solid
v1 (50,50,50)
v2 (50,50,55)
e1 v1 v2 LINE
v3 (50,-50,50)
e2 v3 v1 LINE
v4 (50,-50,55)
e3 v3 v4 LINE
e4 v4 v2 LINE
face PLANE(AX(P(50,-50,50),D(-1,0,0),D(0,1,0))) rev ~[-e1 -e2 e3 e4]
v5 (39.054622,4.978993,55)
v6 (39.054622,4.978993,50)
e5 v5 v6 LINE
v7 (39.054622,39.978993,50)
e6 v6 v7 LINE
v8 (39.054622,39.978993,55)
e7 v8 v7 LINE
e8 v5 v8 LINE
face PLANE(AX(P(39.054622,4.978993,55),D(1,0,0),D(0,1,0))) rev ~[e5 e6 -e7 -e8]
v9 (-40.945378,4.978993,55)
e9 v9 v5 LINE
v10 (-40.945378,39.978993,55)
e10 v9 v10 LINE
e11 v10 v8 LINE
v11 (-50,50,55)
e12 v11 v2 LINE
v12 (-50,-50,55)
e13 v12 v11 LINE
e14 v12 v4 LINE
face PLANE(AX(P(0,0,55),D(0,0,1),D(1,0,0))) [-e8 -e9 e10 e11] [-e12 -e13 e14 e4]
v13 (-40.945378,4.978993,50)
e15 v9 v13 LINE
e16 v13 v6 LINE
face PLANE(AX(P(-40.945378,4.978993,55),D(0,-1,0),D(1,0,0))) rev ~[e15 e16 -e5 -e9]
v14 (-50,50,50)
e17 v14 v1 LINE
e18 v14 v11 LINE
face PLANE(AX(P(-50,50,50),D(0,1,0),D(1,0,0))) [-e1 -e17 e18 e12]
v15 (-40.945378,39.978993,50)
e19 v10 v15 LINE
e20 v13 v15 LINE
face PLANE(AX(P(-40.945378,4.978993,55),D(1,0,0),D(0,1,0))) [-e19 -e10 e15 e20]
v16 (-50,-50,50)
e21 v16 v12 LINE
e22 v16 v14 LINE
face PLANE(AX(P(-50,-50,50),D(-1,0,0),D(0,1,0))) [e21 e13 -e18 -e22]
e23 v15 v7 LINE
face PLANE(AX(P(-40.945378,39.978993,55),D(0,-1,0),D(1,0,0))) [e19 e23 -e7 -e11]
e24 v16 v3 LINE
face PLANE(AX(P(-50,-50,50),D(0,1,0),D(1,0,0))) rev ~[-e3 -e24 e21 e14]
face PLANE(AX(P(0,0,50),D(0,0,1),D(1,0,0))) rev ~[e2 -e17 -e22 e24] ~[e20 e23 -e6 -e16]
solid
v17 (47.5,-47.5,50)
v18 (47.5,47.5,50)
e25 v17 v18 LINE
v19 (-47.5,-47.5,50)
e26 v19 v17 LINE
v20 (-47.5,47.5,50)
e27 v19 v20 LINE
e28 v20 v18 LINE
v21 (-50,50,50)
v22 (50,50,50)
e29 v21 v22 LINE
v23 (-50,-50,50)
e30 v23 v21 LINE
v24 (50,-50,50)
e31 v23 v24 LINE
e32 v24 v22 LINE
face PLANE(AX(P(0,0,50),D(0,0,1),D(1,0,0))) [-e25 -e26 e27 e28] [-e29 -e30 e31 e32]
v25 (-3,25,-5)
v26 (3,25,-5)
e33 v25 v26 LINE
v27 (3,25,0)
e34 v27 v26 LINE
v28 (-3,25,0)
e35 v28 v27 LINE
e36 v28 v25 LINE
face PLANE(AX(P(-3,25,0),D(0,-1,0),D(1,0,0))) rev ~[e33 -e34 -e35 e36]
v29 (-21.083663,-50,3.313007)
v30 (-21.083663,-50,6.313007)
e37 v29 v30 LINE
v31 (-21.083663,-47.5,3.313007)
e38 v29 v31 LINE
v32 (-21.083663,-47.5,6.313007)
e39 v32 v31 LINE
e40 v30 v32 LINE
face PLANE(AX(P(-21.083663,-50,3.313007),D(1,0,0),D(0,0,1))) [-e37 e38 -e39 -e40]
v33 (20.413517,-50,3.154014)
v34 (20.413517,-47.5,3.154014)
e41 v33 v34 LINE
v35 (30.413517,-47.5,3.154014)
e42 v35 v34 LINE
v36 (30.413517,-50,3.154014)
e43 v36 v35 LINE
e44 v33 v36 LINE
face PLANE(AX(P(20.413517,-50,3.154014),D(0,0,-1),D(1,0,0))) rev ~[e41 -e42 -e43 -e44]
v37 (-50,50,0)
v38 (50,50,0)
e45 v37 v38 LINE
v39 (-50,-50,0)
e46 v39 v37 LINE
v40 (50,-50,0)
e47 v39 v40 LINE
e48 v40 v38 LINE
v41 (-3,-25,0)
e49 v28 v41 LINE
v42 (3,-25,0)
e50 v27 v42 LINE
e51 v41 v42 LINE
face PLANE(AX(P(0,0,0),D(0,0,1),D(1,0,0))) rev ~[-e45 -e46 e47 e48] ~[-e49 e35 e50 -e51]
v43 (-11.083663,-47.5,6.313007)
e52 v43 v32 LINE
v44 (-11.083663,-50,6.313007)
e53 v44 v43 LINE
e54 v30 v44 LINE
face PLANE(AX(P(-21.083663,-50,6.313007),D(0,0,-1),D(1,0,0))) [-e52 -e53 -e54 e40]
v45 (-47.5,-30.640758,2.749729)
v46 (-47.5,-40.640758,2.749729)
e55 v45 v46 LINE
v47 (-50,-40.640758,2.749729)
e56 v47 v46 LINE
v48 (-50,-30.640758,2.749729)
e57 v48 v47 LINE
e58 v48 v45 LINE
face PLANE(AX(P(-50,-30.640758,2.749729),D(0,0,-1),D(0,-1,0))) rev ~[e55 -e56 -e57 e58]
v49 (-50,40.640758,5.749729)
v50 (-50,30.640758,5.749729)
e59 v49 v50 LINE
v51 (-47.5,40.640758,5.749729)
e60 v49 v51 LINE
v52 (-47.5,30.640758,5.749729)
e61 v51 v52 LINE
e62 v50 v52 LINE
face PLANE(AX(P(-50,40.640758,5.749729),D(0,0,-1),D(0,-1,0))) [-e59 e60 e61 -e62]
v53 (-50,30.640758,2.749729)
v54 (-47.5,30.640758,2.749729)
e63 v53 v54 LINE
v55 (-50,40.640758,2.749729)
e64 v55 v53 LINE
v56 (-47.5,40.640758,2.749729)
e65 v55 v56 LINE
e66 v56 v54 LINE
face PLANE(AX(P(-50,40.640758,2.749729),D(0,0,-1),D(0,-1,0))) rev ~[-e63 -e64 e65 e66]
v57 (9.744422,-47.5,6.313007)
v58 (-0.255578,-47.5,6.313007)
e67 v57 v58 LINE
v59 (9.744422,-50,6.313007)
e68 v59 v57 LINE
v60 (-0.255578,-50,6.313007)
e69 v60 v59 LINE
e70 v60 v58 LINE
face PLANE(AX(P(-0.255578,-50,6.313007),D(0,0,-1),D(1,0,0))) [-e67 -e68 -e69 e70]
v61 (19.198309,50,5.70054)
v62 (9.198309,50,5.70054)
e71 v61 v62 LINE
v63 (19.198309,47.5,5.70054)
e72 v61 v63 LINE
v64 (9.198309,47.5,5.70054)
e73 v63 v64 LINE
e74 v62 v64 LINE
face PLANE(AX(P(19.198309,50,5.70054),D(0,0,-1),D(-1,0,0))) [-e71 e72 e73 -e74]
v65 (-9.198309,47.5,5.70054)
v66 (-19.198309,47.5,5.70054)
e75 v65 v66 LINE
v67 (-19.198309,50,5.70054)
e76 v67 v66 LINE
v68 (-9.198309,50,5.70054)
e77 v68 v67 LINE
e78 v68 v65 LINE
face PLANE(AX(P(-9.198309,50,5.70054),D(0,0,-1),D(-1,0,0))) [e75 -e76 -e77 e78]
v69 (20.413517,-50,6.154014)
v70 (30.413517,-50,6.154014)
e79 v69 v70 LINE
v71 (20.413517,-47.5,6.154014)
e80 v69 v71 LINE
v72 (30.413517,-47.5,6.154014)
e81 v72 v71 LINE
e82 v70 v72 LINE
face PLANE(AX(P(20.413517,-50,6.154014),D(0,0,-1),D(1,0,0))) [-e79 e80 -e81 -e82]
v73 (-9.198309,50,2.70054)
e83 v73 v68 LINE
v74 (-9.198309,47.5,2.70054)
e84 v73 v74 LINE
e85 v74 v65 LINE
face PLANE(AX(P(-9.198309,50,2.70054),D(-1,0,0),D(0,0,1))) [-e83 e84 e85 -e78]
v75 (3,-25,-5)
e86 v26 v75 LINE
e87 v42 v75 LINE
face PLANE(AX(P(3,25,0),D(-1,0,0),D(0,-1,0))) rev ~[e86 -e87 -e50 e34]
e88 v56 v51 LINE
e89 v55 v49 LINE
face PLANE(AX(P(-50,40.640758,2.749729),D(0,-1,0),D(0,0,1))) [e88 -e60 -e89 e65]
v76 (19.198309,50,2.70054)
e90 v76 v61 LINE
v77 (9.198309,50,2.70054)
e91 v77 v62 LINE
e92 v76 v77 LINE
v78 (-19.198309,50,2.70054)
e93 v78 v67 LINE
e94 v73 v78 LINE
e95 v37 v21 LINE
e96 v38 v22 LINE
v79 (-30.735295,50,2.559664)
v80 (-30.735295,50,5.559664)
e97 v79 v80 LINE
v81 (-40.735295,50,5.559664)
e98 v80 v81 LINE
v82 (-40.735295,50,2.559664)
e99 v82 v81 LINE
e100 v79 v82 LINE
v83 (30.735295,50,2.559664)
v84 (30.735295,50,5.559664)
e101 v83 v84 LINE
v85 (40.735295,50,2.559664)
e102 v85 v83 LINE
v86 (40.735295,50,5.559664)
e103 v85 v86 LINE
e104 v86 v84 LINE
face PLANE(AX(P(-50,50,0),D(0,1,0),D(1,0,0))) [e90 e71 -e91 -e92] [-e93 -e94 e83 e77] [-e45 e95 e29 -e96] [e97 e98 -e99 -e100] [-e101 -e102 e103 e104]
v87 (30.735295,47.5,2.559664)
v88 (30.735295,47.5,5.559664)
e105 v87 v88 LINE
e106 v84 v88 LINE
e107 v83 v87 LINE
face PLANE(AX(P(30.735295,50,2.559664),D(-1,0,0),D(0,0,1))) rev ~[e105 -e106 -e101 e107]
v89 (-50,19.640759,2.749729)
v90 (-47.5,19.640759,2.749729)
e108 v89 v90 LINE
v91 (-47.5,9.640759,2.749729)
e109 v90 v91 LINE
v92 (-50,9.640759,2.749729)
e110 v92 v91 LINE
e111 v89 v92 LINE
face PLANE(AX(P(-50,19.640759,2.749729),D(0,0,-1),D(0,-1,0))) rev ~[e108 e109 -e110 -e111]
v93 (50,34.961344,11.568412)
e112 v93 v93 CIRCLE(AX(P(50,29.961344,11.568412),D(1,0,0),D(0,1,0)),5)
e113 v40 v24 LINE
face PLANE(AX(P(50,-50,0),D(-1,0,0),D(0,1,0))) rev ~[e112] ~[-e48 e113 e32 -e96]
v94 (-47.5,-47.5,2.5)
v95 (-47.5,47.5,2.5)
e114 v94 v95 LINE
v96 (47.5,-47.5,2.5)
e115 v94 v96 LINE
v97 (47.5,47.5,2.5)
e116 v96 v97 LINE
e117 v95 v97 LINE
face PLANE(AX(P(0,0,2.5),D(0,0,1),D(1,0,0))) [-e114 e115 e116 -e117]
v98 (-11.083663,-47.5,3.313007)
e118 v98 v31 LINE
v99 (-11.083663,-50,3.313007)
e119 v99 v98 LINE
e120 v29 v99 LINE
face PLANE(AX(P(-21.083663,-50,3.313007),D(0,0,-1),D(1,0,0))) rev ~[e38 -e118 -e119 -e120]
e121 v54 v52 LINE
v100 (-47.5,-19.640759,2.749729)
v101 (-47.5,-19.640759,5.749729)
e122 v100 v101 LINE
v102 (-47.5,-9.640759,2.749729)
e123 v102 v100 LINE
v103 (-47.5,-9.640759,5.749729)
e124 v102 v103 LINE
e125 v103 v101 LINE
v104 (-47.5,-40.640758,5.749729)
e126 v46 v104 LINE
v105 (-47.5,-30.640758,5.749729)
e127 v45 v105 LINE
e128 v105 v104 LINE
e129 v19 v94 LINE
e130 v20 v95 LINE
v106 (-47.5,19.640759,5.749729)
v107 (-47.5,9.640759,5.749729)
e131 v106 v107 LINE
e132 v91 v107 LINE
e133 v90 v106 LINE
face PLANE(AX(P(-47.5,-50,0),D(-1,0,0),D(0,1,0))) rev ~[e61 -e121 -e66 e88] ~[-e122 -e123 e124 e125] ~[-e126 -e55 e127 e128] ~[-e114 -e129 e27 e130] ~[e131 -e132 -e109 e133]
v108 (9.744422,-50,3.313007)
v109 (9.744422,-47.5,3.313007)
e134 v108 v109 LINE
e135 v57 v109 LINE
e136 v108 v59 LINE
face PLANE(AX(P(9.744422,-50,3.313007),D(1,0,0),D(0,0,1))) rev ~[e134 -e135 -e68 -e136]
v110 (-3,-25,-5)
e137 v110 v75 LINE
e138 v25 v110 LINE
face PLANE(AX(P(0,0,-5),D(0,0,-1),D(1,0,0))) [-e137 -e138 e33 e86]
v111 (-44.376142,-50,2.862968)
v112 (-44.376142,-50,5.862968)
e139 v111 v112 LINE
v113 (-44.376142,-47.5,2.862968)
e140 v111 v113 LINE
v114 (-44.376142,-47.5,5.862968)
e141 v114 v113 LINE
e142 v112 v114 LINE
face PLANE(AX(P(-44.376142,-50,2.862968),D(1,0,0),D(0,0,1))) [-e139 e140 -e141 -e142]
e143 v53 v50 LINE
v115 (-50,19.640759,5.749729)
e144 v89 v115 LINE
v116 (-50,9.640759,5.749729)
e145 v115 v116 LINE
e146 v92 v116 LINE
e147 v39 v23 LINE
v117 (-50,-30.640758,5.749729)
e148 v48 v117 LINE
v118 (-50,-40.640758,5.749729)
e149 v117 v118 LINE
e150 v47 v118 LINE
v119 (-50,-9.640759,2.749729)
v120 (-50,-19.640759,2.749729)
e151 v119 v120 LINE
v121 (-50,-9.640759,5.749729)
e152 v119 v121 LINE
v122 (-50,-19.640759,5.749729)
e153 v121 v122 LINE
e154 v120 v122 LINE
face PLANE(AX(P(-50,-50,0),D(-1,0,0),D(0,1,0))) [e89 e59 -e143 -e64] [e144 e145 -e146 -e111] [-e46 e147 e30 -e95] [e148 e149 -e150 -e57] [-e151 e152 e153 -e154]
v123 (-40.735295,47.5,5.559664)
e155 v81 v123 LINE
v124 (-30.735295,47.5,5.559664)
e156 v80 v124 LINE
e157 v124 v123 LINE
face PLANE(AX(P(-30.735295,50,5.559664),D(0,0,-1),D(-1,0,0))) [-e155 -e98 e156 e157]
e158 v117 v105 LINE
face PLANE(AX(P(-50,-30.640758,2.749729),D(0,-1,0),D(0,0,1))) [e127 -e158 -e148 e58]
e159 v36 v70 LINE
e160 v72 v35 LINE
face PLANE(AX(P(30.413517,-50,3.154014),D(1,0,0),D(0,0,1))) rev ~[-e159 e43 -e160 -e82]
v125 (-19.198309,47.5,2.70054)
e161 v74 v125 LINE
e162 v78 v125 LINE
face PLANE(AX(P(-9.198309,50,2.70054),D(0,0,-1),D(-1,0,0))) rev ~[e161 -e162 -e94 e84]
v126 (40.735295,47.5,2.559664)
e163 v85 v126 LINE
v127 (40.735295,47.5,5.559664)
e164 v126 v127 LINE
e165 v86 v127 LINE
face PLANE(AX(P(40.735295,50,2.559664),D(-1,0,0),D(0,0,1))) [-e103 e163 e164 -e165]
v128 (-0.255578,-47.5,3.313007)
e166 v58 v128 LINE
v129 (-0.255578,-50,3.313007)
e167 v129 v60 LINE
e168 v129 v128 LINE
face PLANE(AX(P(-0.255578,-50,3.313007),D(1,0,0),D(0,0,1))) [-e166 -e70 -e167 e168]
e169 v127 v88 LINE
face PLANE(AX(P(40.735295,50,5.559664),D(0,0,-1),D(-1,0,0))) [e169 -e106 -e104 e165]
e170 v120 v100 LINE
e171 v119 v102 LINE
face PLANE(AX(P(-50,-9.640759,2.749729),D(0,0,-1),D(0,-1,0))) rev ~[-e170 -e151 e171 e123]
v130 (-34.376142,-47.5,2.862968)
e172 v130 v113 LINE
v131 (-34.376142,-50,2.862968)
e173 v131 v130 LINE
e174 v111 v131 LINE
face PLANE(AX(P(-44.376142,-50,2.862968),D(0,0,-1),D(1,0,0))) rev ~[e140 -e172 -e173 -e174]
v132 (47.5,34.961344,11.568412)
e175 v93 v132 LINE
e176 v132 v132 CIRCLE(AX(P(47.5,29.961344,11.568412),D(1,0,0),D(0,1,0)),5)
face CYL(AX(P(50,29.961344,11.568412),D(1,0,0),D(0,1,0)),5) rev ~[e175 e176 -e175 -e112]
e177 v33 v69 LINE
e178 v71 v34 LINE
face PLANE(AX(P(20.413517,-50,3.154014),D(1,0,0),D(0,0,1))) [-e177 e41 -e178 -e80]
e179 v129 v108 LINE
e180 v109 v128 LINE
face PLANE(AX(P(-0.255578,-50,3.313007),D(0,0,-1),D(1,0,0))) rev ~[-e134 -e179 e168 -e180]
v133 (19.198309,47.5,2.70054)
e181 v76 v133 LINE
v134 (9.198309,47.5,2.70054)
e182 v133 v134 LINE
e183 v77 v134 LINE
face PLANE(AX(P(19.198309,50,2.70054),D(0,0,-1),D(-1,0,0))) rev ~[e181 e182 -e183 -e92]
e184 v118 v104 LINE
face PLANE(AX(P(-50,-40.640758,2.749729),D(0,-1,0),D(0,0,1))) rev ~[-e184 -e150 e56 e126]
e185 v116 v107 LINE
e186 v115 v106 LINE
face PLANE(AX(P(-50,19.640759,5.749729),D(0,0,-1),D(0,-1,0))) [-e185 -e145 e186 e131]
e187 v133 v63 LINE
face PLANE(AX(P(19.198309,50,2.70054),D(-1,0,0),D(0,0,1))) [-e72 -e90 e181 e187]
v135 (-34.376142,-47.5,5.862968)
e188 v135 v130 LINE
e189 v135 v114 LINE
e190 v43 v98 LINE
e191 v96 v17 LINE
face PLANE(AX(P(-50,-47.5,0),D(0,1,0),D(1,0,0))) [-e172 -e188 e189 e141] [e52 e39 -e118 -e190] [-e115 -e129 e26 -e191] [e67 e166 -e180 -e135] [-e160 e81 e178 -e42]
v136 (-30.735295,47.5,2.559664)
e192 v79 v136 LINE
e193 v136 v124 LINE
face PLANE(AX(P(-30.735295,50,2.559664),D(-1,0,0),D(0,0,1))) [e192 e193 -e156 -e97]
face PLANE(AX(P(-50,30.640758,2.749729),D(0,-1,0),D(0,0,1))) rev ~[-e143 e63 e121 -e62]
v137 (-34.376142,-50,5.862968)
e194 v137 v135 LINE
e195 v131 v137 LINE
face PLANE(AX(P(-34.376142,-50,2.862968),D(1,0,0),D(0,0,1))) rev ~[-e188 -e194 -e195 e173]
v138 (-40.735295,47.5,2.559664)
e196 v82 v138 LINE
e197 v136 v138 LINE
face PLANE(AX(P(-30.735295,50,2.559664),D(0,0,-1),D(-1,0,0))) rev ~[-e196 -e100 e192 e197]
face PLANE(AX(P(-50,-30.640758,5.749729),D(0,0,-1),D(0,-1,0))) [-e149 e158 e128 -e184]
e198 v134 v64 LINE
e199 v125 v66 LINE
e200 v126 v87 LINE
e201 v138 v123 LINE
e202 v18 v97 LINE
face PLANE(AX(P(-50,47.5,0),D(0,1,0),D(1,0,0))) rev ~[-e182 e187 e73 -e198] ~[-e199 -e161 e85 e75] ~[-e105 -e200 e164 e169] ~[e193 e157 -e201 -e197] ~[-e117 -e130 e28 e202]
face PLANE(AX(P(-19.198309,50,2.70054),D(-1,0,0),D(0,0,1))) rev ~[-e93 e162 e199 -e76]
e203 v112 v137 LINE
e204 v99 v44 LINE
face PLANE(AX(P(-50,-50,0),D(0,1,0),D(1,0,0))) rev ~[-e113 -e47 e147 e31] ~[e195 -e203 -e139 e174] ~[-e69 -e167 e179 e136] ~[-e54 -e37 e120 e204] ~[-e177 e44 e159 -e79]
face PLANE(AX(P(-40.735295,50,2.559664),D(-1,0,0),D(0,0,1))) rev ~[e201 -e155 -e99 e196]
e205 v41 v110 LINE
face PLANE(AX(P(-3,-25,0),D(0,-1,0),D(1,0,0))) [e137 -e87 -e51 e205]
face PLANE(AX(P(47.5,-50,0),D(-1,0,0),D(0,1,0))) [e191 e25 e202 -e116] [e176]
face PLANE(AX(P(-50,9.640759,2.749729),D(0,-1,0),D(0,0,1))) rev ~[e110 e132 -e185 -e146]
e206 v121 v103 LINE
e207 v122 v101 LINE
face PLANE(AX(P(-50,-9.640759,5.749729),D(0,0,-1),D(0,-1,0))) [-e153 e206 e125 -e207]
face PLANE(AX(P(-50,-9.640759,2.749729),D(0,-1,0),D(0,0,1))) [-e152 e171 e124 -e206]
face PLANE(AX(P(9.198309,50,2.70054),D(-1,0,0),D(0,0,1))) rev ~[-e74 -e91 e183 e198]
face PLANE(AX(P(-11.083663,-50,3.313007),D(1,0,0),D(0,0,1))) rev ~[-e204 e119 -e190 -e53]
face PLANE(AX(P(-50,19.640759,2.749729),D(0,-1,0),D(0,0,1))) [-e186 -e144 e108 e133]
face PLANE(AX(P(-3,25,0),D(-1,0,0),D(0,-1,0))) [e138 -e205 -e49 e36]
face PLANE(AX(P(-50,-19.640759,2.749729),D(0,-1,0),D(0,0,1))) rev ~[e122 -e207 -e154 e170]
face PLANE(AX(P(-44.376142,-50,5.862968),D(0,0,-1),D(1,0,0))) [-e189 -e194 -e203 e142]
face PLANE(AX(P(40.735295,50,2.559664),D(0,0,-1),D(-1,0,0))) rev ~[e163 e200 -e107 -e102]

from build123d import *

# Parameters (mm, degrees)
F0_W      = 100
F0_H      = 100
F1_DEPTH  = 50
F2_T      = -2.5
F3_W      = 10
F3_H      = 3
F4_DEPTH  = 10
F5_W      = 10
F5_H      = 3
F6_DEPTH  = 10
F7_W      = 10
F7_H      = 3
F8_DEPTH  = 10
F9_R      = 5
F10_DEPTH = 10
F11_W     = 100
F11_H     = 100
F12_DEPTH = 5
F13_W     = 80
F13_H     = 35
F14_DEPTH = 5
F15_W     = 6
F15_H     = 50
F16_DEPTH = 5


with BuildPart() as f1:
    # F0 (on Top) → F1 (new body)
    with BuildSketch(Plane.XY):
        Rectangle(F0_W, F0_H)
    extrude(amount=F1_DEPTH)

    # F2
    f2_openings = [f1.faces().sort_by_distance(p)[0] for p in [
        (0, 0, 50),
    ]]
    offset(amount=F2_T, openings=f2_openings)

    # F3 (on face) → F4 (cut)
    with BuildSketch(Plane.XZ.offset(50)):
        with Locations((-39.376142, 4.362968)):
            Rectangle(F3_W, F3_H)
        with Locations((-16.083663, 4.813007)):
            Rectangle(F3_W, F3_H)
        with Locations((4.744422, 4.813007)):
            Rectangle(F3_W, F3_H)
        with Locations((25.413517, 4.654014)):
            Rectangle(F3_W, F3_H)
    extrude(amount=-F4_DEPTH, mode=Mode.SUBTRACT)

    # F5 (on face) → F6 (cut)
    with BuildSketch(Plane(origin=(0, 50, 0), x_dir=(-1, 0, 0), z_dir=(0, 1, 0))):
        with Locations((-35.735295, 4.059664)):
            Rectangle(F5_W, F5_H)
        with Locations((-14.198309, 4.20054)):
            Rectangle(F5_W, F5_H)
        with Locations((35.735295, 4.059664)):
            Rectangle(F5_W, F5_H)
        with Locations((14.198309, 4.20054)):
            Rectangle(F5_W, F5_H)
    extrude(amount=-F6_DEPTH, mode=Mode.SUBTRACT)

    # F7 (on face) → F8 (cut)
    with BuildSketch(Plane(origin=(-50, 0, 0), x_dir=(0, -1, 0), z_dir=(-1, 0, 0))):
        with Locations((-35.640758, 4.249729)):
            Rectangle(F7_W, F7_H)
        with Locations((-14.640759, 4.249729)):
            Rectangle(F7_W, F7_H)
        with Locations((35.640758, 4.249729)):
            Rectangle(F7_W, F7_H)
        with Locations((14.640759, 4.249729)):
            Rectangle(F7_W, F7_H)
    extrude(amount=-F8_DEPTH, mode=Mode.SUBTRACT)

    # F9 (on face) → F10 (cut)
    with BuildSketch(Plane.YZ.offset(50)):
        with Locations((29.961344, 11.568412)):
            Circle(F9_R)
    extrude(amount=-F10_DEPTH, mode=Mode.SUBTRACT)

    # F15 (on face) → F16 (join)
    with BuildSketch(Plane(origin=(0, 0, 0), x_dir=(1, 0, 0), z_dir=(0, 0, -1))):
        Rectangle(F15_W, F15_H)
    extrude(amount=F16_DEPTH)


with BuildPart() as f12:
    # F11 (on face) → F12 (new body)
    with BuildSketch(Plane.XY.offset(50)):
        Rectangle(F11_W, F11_H)
    extrude(amount=F12_DEPTH)

    # F13 (on face) → F14 (cut)
    with BuildSketch(Plane.XY.offset(55)):
        with Locations((-0.945378, 22.478993)):
            Rectangle(F13_W, F13_H)
    extrude(amount=-F14_DEPTH, mode=Mode.SUBTRACT)


solid = Compound([f1.part, f12.part])
